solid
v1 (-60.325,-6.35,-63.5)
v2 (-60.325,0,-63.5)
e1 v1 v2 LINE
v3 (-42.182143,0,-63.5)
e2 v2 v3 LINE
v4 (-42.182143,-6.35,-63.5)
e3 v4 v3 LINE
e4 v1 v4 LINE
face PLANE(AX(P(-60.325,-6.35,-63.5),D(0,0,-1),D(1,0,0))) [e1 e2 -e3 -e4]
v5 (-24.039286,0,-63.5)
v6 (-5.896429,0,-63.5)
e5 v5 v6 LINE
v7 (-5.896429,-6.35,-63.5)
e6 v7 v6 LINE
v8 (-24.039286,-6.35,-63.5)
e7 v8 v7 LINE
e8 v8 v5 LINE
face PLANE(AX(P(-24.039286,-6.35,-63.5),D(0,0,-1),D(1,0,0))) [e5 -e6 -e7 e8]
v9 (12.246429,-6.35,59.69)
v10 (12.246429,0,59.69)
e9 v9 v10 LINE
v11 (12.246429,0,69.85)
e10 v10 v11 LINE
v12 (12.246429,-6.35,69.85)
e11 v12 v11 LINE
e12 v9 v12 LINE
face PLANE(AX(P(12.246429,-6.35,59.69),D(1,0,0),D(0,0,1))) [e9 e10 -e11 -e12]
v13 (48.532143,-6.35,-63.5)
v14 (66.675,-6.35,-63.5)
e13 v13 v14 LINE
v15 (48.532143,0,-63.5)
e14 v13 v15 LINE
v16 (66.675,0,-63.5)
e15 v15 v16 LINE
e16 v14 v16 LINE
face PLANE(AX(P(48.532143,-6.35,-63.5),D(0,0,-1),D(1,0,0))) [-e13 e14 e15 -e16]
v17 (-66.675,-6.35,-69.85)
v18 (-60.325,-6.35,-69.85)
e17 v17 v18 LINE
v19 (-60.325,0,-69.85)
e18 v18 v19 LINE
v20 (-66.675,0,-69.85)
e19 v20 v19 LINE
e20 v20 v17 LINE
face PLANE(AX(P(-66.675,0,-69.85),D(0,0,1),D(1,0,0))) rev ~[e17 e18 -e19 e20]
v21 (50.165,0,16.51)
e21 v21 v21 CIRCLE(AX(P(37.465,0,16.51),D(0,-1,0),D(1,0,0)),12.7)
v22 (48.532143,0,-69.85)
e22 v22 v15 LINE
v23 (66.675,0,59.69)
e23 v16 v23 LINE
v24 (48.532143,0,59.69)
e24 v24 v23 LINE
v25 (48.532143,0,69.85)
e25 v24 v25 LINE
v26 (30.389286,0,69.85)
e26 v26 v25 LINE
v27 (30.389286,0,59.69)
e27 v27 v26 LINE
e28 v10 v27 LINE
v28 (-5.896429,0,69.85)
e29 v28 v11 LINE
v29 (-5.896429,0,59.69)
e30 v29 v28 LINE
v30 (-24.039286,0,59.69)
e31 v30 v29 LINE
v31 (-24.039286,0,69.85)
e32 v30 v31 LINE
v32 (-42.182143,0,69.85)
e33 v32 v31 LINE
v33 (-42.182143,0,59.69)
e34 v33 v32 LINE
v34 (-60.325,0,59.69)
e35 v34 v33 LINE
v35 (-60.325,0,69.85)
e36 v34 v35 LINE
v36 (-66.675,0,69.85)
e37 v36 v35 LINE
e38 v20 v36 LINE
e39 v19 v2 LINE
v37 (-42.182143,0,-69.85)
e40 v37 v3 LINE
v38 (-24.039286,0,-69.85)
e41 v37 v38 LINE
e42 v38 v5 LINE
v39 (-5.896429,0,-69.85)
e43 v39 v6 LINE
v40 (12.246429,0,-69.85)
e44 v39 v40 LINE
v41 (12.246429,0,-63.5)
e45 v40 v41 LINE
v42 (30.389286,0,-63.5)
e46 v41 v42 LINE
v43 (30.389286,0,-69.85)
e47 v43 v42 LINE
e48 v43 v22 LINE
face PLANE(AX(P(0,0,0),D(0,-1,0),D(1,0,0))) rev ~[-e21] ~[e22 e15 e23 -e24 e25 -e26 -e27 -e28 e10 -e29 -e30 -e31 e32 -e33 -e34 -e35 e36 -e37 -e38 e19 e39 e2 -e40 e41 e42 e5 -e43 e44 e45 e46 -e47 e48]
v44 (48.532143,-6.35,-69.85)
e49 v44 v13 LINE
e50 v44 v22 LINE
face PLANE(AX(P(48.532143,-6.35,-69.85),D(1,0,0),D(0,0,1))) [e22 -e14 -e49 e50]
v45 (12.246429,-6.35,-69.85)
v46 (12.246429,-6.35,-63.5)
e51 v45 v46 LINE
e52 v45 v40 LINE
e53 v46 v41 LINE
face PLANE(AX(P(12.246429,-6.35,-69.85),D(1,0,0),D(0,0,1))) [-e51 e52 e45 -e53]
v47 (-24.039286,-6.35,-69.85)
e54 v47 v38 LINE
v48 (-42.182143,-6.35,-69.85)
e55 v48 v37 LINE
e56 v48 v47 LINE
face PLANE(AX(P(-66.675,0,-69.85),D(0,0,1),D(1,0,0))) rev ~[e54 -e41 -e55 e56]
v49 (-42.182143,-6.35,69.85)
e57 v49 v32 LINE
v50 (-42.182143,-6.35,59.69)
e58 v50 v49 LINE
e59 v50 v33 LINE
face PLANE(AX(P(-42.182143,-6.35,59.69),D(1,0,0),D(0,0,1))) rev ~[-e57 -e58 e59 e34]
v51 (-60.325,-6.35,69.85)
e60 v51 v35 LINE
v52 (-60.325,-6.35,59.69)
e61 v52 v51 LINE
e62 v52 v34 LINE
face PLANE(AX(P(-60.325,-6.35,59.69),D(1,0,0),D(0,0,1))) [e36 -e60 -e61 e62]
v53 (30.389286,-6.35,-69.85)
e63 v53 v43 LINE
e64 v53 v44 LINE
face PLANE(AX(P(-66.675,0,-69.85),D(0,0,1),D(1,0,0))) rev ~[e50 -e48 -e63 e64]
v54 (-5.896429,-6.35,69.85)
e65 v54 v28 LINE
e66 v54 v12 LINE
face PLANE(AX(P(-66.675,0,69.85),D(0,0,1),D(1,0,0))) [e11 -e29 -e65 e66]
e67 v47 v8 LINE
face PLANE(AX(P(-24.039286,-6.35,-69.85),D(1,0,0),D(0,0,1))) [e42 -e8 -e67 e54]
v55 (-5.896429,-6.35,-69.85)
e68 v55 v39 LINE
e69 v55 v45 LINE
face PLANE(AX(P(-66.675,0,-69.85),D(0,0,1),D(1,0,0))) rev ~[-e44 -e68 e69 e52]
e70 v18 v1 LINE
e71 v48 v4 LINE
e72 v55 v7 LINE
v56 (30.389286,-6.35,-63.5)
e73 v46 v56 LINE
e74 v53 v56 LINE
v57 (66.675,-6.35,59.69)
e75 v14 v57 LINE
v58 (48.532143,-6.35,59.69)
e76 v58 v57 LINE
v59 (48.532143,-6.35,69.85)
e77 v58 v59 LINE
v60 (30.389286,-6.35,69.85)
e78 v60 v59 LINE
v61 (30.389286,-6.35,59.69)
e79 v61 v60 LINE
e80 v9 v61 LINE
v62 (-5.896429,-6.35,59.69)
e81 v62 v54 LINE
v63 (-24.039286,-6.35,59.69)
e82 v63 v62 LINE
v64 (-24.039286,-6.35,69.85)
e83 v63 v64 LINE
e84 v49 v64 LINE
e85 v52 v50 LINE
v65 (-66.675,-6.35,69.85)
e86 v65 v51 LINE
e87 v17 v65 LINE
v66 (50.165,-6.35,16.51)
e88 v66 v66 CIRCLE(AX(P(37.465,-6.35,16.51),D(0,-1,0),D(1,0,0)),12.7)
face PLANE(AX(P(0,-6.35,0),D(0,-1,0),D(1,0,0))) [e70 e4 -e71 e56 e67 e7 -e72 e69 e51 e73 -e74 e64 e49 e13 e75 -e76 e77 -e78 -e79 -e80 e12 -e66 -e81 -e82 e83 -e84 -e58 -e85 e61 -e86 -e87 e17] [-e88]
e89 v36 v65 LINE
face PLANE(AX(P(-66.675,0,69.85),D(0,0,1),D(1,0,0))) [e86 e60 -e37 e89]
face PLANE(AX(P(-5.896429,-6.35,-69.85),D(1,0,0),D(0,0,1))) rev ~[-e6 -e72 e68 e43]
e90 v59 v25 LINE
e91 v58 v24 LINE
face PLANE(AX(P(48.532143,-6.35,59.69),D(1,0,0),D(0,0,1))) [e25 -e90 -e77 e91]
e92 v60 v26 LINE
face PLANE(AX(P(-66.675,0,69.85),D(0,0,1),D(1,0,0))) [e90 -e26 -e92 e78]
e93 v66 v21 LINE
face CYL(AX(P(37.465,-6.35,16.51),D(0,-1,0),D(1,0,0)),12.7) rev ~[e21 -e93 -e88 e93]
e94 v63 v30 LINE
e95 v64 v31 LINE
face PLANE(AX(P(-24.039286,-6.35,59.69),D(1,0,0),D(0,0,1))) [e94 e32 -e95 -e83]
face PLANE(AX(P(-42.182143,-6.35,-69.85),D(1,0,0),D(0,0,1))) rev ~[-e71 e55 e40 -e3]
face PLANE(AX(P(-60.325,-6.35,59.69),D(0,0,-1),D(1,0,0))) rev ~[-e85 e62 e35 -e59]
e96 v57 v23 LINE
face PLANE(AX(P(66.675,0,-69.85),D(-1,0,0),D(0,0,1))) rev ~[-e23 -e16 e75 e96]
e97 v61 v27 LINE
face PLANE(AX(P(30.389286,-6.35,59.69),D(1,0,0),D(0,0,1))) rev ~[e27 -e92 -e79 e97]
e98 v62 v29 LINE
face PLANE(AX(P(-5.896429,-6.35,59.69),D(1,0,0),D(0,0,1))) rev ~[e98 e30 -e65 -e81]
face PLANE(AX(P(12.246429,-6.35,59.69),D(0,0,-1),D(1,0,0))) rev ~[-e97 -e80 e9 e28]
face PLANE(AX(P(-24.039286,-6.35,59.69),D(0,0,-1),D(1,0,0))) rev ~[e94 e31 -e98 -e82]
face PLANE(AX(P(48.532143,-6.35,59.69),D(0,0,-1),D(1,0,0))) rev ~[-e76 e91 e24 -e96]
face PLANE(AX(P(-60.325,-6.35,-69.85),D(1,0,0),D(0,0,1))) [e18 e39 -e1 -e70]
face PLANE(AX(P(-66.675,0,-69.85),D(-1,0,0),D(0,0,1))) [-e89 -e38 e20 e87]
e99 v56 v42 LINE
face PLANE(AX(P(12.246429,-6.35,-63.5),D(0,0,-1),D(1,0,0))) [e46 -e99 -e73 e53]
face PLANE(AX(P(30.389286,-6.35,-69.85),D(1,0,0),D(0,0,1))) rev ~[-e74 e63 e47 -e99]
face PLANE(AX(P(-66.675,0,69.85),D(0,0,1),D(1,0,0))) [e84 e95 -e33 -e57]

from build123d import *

# Parameters (mm, degrees)
F0_W     = 133.35
F0_H     = 139.7
F1_DEPTH = 6.35
F2_W     = 18.1428571429
F2_H     = 10.16
F2_H_2   = 6.35
F3_DEPTH = 25.4
F4_R     = 12.7
F5_DEPTH = 25.4


with BuildPart() as f1:
    # F0 (on Front) → F1 (new body)
    with BuildSketch(Plane.XZ):
        Rectangle(F0_W, F0_H)
    extrude(amount=F1_DEPTH)

    # F2 (on face) → F3 (cut)
    with BuildSketch(Plane.XZ.offset(6.35)):
        with Locations((57.6035714286, 64.77)):
            Rectangle(F2_W, F2_H)
        with Locations((-51.2535714286, 64.77)):
            Rectangle(F2_W, F2_H)
        with Locations((-14.9678571429, 64.77)):
            Rectangle(F2_W, F2_H)
        with Locations((21.3178571429, 64.77)):
            Rectangle(F2_W, F2_H)
        with Locations((-51.2535714286, -66.675)):
            Rectangle(F2_W, F2_H_2)
        with Locations((-14.9678571429, -66.675)):
            Rectangle(F2_W, F2_H_2)
        with Locations((21.3178571429, -66.675)):
            Rectangle(F2_W, F2_H_2)
        with Locations((57.6035714286, -66.675)):
            Rectangle(F2_W, F2_H_2)
    extrude(amount=-F3_DEPTH, mode=Mode.SUBTRACT)

    # F4 (on face) → F5 (cut)
    with BuildSketch(Plane.XZ.offset(6.35)):
        with Locations((37.465, 16.51)):
            Circle(F4_R)
    extrude(amount=-F5_DEPTH, mode=Mode.SUBTRACT)


solid = f1.part
